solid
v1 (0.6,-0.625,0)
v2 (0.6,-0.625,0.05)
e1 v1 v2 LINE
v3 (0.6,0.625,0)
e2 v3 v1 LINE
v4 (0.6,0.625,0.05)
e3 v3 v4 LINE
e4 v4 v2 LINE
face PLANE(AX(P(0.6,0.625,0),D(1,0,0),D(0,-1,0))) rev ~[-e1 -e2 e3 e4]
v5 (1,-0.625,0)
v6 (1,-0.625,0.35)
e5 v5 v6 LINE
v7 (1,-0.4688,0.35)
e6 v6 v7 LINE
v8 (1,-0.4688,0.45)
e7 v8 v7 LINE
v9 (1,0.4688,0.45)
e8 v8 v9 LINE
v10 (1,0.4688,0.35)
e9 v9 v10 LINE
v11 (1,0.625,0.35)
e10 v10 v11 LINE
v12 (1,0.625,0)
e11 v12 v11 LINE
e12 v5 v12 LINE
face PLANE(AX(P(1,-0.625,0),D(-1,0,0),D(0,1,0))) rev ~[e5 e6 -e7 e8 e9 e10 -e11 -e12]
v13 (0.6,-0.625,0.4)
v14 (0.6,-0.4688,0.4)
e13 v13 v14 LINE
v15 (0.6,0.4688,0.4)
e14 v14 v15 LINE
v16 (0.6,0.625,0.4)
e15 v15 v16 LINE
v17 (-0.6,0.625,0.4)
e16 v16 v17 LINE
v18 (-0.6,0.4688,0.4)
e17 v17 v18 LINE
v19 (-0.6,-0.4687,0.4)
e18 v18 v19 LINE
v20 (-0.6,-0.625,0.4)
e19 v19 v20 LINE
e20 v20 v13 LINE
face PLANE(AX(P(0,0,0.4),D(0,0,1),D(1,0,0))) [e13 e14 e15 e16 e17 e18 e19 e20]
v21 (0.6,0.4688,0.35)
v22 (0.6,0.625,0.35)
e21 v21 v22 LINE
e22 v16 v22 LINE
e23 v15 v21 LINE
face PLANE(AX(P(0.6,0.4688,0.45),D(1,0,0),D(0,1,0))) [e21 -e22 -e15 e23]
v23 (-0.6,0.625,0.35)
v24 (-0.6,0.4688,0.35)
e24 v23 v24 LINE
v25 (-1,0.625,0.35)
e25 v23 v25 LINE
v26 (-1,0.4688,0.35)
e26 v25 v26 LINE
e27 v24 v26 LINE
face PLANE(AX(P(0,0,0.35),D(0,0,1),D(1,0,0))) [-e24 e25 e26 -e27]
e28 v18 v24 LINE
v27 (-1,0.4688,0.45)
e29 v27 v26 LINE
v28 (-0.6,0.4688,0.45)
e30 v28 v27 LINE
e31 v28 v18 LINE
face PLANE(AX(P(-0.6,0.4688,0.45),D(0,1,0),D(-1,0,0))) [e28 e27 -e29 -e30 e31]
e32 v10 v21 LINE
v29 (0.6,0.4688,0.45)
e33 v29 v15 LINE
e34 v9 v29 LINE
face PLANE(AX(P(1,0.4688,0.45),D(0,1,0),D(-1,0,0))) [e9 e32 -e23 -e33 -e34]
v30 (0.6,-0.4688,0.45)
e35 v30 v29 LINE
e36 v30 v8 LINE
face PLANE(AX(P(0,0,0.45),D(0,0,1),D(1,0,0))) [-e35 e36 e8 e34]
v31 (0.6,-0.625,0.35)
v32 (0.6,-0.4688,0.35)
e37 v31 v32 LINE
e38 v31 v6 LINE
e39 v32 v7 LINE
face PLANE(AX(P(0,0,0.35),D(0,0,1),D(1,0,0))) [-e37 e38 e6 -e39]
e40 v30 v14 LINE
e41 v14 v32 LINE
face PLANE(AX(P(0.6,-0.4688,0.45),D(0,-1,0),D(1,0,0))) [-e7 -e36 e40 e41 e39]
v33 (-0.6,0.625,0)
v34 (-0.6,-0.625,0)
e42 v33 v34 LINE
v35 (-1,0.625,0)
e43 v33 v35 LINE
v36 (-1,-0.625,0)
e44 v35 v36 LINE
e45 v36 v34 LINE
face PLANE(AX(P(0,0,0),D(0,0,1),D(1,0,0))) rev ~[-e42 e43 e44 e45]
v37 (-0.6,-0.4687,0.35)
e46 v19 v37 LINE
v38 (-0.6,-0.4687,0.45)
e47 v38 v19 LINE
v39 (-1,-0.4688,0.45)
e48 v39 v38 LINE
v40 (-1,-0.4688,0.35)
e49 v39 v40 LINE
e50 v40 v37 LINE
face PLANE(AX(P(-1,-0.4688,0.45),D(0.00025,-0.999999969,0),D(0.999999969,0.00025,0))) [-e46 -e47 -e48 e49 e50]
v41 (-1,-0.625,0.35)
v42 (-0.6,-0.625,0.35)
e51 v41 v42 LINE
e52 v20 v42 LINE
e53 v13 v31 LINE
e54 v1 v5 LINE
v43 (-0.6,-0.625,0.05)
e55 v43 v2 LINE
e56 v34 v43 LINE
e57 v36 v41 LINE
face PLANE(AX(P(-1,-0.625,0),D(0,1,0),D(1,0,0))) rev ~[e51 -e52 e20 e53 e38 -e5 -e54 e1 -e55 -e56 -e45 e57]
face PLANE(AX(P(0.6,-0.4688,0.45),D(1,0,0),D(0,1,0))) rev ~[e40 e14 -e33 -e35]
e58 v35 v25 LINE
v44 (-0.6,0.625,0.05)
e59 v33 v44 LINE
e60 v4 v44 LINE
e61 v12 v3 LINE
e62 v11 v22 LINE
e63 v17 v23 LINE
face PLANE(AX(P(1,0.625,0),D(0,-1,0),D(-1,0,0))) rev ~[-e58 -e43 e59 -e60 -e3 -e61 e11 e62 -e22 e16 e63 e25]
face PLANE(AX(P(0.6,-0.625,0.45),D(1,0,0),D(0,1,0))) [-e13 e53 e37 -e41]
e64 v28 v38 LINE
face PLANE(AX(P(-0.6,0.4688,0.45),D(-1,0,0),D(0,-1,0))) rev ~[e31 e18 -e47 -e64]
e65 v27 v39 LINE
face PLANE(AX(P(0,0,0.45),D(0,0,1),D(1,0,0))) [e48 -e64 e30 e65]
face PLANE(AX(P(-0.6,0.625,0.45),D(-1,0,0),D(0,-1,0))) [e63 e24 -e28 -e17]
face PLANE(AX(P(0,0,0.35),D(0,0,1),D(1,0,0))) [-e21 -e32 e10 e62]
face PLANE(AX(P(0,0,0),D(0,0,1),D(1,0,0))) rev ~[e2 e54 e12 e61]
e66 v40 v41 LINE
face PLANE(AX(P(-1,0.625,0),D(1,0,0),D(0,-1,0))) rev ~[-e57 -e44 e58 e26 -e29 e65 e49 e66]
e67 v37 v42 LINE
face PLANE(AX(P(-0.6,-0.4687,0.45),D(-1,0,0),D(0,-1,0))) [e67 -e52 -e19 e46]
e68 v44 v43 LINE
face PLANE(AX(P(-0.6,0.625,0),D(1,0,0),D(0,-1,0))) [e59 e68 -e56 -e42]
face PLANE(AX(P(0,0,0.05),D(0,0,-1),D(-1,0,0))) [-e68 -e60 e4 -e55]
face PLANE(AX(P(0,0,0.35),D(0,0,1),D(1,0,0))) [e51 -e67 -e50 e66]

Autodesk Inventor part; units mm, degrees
ref_plane "YZ Plane" through (0, 0, 0) normal (1, 0, 0) x (0, 1, 0)
ref_plane "XZ Plane" through (0, 0, 0) normal (0, 1, 0) x (-1, 0, 0)
ref_plane "XY Plane" through (0, 0, 0) normal (0, 0, 1) x (1, 0, 0)
sketch "Sketch1" plane through (0, 0, 0) normal (0, 0, 1) x (1, 0, 0)
  line L0 (-1, -0.625) -> (1, -0.625)
  line L1 (1, -0.625) -> (1, 0.625)
  line L2 (1, 0.625) -> (-1, 0.625)
  line L3 (-1, 0.625) -> (-1, -0.625)
  line L4 (-1, -0.625) -> (1, 0.625) construction
  line L5 (1, -0.625) -> (-1, 0.625) construction
  point P0 (0, 0)
  dimension "d0" = 2
  dimension "d1" = 1.25
extrude "Extrusion1" add sketch "Sketch1" along normal blind 0.45
sketch "Sketch2" plane through (0, 0, 0.45) normal (0, 0, 1) x (1, 0, 0)
  line L0 (-1, -0.625) -> (1, -0.625) projected
  line L1 (1, -0.625) -> (1, 0.625) projected
  line L2 (1, 0.625) -> (-1, 0.625) projected
  line L3 (-1, 0.625) -> (-1, -0.625) projected
  line L4 (-0.6, -0.625) -> (0.6, -0.625)
  line L5 (0.6, -0.625) -> (0.6, 0.625)
  line L6 (0.6, 0.625) -> (-0.6, 0.625)
  line L7 (-0.6, 0.625) -> (-0.6, -0.625)
  line L8 (-0.6, -0.625) -> (0.6, 0.625) construction
  line L9 (0.6, -0.625) -> (-0.6, 0.625) construction
  line L10 (0.6, -0.4688) -> (1, -0.4688)
  line L11 (1, -0.4688) -> (1, 0.4688)
  line L12 (1, 0.4688) -> (0.6, 0.4688)
  line L13 (0.6, 0.4688) -> (0.6, -0.4688)
  line L14 (-1, 0.625) -> (-1, -0.625) projected
  line L15 (-0.6, 0.4688) -> (-1, 0.4688)
  line L16 (-1, 0.4688) -> (-1, -0.4688)
  line L17 (-1, -0.4688) -> (-0.6, -0.4687)
  line L18 (-0.6, -0.4687) -> (-0.6, 0.4688)
  point P0 (0, 0)
  dimension "d4" = 0.4
  dimension "d5" = 0.9375
  dimension "d6" = 0.1562
  dimension "d7" = 0.9375
  dimension "d8" = 0.1562
extrude "Extrusion2" cut sketch "Sketch2" against normal blind 0.1 contours L3 L17 L7 L0 | L5 L10 L1 L0 | L3 L2 L7 L15 | L5 L2 L1 L12
sketch "Sketch3" plane through (0, 0, 0.45) normal (0, 0, 1) x (1, 0, 0)
  line L0 (-0.6, 0.625) -> (-0.6, 0.4688) projected
  line L1 (-0.6, 0.4688) -> (-1, 0.4688) projected
  line L2 (-1, 0.4688) -> (-1, -0.4688) projected
  line L3 (-1, -0.4688) -> (-0.6, -0.4687) projected
  line L4 (-0.6, -0.4687) -> (-0.6, -0.625) projected
  line L5 (-0.6, -0.625) -> (0.6, -0.625) projected
  line L6 (0.6, -0.625) -> (0.6, -0.4688) projected
  line L7 (0.6, -0.4688) -> (1, -0.4688) projected
  line L8 (1, -0.4688) -> (1, 0.4688) projected
  line L9 (1, 0.4688) -> (0.6, 0.4688) projected
  line L10 (0.6, 0.4688) -> (0.6, 0.625) projected
  line L11 (0.6, 0.625) -> (-0.6, 0.625) projected
  line L12 (0.6, 0.625) -> (-0.6, 0.625) projected
  line L13 (-0.6, -0.625) -> (0.6, -0.625)
  line L14 (0.6, -0.625) -> (0.6, 0.625)
  line L15 (0.6, 0.625) -> (-0.6, 0.625)
  line L16 (-0.6, 0.625) -> (-0.6, -0.625)
  line L17 (-0.6, -0.625) -> (0.6, 0.625) construction
  line L18 (0.6, -0.625) -> (-0.6, 0.625) construction
  point P0 (0, 0)
extrude "Extrusion3" cut sketch "Sketch3" against normal blind 0.05 contours L11 L10 L14 L6 L5 L4 L16 L0
sketch "Sketch4" plane through (0, 0, 0) normal (0, 0, -1) x (-1, 0, 0)
  line L0 (1, -0.625) -> (-1, -0.625) projected
  line L1 (1, 0.625) -> (1, -0.625) projected
  line L2 (-1, 0.625) -> (1, 0.625) projected
  line L3 (-1, -0.625) -> (-1, 0.625) projected
  line L4 (-1, 0.625) -> (1, 0.625) projected
  line L5 (-1, 0.625) -> (-0.6, 0.625)
  line L6 (-0.6, 0.625) -> (-0.6, -0.625)
  line L7 (-0.6, -0.625) -> (-1, -0.625)
  line L8 (-1, -0.625) -> (-1, 0.625)
  line L9 (1, 0.625) -> (0.6, 0.625)
  line L10 (0.6, 0.625) -> (0.6, -0.625)
  line L11 (0.6, -0.625) -> (1, -0.625)
  line L12 (1, -0.625) -> (1, 0.625)
  point P0 (0, 0)
  dimension "d13" = 0.4
  dimension "d14" = 0.4
extrude "Extrusion4" cut sketch "Sketch4" against normal blind 0.05 contours L0 L6 L2 L10
equation "\"d7\" = d5"
equation "\"d8\" = d6"
properties part number "0805" material "ABS Plastic"
